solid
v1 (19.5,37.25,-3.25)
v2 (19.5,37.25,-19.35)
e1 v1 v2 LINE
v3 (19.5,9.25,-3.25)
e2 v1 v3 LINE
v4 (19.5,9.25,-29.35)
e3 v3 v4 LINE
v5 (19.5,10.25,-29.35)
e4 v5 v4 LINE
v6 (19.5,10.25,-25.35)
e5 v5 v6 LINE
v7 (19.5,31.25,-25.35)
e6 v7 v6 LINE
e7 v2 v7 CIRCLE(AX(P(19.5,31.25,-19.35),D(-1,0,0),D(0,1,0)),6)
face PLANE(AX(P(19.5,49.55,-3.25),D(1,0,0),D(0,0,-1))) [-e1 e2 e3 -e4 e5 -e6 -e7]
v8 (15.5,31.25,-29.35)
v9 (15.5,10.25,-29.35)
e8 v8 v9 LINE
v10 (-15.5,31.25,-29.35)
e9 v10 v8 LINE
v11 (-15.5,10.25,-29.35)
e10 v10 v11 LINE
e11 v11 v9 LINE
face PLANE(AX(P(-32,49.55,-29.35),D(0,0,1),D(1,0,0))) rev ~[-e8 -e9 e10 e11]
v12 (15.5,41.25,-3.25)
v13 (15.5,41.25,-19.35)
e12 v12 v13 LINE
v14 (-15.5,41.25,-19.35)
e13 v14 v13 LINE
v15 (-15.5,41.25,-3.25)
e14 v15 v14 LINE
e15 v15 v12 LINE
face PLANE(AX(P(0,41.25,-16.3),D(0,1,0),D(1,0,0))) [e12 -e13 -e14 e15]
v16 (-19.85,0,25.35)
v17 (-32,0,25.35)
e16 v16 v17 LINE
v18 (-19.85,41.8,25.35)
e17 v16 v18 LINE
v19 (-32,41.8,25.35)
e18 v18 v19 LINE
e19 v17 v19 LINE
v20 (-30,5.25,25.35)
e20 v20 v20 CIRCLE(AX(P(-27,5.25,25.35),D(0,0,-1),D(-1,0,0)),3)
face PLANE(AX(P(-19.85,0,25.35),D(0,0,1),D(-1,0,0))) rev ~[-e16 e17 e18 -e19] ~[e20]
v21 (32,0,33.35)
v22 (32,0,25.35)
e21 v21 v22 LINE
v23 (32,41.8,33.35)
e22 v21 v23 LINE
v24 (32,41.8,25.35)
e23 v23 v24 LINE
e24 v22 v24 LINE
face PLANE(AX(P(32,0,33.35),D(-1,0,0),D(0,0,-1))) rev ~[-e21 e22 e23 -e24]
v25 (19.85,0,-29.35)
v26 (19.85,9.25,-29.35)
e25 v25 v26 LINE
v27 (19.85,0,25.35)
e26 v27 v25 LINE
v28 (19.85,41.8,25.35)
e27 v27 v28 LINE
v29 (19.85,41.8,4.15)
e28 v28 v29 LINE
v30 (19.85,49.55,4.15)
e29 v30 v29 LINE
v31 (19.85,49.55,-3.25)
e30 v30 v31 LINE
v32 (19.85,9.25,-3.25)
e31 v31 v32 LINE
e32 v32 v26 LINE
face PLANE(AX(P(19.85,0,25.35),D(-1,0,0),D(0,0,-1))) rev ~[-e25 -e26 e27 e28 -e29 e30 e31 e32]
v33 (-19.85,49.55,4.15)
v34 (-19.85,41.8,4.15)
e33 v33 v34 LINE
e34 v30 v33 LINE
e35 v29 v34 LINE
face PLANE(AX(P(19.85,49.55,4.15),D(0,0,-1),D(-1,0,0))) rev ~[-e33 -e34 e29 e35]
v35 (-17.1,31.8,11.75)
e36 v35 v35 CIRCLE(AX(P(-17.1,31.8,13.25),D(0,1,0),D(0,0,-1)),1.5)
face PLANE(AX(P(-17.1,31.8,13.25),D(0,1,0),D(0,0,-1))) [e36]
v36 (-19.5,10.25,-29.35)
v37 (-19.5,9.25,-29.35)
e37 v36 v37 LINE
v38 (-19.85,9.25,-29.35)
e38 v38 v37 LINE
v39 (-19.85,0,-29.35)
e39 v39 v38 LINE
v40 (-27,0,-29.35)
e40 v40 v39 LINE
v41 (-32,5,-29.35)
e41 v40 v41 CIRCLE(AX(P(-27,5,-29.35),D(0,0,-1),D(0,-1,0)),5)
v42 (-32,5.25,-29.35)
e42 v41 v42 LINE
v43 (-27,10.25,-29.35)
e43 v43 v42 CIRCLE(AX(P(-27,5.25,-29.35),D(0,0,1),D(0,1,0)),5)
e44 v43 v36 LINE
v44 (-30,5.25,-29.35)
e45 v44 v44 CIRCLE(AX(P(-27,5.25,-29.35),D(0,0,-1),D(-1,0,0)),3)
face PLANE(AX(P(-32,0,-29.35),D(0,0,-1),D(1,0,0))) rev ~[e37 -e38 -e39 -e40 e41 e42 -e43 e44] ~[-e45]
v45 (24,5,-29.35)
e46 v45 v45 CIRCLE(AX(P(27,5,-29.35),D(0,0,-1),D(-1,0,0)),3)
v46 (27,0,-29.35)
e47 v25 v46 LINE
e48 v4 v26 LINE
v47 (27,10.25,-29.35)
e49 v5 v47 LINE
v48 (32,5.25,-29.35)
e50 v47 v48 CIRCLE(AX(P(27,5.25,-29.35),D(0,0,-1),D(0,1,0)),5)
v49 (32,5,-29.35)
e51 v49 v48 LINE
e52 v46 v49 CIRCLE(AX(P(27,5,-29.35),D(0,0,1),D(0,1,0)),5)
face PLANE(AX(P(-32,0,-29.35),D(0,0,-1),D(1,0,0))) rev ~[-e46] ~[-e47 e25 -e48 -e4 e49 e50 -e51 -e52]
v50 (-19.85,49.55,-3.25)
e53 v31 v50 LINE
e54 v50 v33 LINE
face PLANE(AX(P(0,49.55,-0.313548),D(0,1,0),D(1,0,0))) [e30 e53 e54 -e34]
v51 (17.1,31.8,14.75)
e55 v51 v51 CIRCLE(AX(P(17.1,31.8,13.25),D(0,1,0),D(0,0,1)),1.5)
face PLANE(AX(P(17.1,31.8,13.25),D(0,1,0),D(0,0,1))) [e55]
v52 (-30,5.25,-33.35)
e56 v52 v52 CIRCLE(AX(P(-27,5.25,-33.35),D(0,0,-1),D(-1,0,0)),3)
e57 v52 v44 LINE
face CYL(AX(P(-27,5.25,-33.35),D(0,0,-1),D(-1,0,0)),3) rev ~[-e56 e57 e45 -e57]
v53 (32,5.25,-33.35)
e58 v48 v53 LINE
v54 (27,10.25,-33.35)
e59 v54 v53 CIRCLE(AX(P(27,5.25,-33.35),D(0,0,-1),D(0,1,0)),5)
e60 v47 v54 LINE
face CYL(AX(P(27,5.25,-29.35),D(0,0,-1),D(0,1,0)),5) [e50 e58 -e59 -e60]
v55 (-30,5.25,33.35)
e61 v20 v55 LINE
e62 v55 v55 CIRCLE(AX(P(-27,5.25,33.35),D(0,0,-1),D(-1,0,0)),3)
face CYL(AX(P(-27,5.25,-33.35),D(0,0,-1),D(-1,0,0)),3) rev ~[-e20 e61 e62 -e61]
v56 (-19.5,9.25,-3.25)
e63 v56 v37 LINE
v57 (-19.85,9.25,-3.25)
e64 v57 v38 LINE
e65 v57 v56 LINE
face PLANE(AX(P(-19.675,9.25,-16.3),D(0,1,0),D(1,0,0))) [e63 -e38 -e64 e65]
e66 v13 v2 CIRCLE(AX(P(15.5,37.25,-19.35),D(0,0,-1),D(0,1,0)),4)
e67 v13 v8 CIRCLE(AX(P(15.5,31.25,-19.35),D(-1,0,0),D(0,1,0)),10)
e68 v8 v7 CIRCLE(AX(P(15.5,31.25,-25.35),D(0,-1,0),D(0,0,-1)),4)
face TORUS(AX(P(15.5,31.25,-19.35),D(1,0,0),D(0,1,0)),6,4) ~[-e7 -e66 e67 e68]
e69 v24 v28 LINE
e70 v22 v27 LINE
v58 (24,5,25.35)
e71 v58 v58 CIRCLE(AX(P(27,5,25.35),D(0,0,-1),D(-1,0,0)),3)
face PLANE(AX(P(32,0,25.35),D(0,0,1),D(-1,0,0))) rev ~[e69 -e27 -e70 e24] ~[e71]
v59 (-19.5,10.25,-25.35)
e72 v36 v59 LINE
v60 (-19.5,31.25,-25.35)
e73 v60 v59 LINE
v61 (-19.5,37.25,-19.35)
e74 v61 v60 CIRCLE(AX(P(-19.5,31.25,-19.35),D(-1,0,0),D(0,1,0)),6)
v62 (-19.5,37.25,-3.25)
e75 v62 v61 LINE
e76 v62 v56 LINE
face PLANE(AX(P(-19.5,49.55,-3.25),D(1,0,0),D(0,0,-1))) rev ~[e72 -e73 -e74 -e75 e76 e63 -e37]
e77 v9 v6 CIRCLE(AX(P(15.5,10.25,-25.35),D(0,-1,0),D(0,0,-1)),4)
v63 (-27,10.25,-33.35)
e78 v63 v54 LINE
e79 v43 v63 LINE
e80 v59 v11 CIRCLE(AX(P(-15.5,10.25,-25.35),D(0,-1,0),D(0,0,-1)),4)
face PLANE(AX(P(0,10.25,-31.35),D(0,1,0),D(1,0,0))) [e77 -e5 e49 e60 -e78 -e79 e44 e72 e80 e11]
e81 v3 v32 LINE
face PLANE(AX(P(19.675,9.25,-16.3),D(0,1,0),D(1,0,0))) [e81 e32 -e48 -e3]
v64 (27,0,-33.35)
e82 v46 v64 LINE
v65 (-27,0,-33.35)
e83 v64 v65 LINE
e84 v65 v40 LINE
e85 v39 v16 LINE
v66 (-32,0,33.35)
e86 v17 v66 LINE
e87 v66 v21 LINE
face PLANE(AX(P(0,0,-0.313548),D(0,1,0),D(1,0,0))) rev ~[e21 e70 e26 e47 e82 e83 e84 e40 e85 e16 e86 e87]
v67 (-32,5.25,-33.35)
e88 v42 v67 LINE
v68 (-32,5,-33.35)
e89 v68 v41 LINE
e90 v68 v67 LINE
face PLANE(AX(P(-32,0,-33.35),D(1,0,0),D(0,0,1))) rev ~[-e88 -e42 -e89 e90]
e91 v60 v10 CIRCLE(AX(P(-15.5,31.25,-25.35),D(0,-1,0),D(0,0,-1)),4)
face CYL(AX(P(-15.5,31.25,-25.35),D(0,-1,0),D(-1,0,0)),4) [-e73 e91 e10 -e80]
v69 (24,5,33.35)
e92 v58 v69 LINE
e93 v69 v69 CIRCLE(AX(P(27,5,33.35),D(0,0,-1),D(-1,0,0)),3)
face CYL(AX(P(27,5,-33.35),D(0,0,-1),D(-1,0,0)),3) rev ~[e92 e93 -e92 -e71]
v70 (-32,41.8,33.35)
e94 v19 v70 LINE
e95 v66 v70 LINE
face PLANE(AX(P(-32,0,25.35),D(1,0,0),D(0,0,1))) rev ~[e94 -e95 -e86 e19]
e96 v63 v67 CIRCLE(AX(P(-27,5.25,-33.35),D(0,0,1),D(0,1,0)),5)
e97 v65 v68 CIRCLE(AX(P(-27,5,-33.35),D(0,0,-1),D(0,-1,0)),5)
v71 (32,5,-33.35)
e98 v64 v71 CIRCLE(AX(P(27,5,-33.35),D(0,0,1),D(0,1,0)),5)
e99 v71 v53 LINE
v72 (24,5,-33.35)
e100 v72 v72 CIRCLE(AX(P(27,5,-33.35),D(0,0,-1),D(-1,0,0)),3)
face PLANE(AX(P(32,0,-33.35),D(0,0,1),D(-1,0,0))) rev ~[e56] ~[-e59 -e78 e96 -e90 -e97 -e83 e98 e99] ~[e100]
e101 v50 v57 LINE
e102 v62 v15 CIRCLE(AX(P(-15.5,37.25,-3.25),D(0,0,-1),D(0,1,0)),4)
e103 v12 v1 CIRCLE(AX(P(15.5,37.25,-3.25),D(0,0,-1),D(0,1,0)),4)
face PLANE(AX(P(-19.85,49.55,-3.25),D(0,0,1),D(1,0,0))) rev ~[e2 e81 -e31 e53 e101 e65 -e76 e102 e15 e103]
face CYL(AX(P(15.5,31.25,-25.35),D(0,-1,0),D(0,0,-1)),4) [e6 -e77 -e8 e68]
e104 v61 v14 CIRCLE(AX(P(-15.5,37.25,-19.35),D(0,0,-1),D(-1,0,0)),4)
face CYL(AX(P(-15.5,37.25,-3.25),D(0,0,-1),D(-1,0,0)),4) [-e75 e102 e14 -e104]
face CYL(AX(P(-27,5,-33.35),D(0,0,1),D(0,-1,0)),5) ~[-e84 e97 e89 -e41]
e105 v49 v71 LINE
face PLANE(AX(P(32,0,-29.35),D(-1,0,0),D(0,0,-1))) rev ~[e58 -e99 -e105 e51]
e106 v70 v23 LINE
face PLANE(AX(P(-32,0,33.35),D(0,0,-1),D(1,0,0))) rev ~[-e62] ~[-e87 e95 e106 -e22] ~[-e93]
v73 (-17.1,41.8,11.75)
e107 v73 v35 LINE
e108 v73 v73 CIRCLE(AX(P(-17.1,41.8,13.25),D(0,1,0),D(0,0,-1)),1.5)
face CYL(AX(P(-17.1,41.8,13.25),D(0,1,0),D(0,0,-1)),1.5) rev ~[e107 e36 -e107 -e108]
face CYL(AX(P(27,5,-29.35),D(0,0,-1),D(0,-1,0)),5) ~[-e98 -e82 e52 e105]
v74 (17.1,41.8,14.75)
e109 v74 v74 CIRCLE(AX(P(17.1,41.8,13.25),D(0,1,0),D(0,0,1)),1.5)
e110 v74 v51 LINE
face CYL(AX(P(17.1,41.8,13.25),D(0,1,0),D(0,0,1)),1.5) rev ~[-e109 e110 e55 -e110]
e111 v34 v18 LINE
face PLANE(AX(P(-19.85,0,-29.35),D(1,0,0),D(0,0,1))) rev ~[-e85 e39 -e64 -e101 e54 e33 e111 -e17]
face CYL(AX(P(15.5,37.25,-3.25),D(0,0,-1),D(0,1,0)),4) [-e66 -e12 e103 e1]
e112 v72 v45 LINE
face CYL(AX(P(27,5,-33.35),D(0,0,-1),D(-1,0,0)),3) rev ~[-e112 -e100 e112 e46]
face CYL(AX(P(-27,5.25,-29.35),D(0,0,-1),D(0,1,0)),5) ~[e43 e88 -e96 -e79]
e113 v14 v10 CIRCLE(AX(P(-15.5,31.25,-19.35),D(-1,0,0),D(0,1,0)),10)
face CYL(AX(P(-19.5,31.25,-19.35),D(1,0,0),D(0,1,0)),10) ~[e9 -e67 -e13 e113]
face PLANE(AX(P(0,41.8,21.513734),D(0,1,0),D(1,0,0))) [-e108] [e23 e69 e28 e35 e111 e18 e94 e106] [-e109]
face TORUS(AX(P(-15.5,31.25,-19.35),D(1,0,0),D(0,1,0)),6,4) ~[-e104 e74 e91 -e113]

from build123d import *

# Parameters (mm, degrees)
RESSALTO_EXTRUS_O1_DEPTH = 49.55
ESBO_O2_W                = 39
ESBO_O2_H                = 26.1
CORTE_EXTRUS_O1_DEPTH    = 8.3
ESBO_O2_3_W              = 0.35
ESBO_O2_3_H              = 26.1
CORTE_EXTRUS_O2_DEPTH    = 40.3
ESBO_O3_W                = 64
ESBO_O3_H                = 4
CORTE_EXTRUS_O3_DEPTH    = 39.3
FILETE2_R                = 5
FILETE3_R                = 10
ESBO_O4_R                = 3
CORTE_EXTRUS_O4_DEPTH    = 90.03983659
CORTE_EXTRUS_O5_DEPTH    = 7.75
ESBO_O6_R                = 1.5
CORTE_EXTRUS_O6_DEPTH    = 10
FILETE4_R                = 4


with BuildPart() as part:
    # Esboço1 → Ressalto-extrusão1 (new body)
    with BuildSketch(Plane(origin=(0, 0, 0), x_dir=(1, 0, 0), z_dir=(0, 1, 0))):
        Polygon((-32, 33.35), (-32, 29.35), (-19.85, 29.35), (-19.85, -25.35), (-32, -25.35), (-32, -33.35), (32, -33.35), (32, -25.35), (19.85, -25.35), (19.85, 29.35), (32, 29.35), (32, 33.35), align=None)
    extrude(amount=RESSALTO_EXTRUS_O1_DEPTH)

    # Esboço2 → Corte-extrusão1 (cut)
    with BuildSketch(Plane(origin=(0, 49.55, 0), x_dir=(1, 0, 0), z_dir=(0, 1, 0))):
        with Locations((0, 16.3)):
            Rectangle(ESBO_O2_W, ESBO_O2_H)
    extrude(amount=-CORTE_EXTRUS_O1_DEPTH, mode=Mode.SUBTRACT)

    # Esboço2<3> → Corte-extrusão2 (cut)
    with BuildSketch(Plane(origin=(0, 49.55, 0), x_dir=(1, 0, 0), z_dir=(0, 1, 0))):
        with Locations((19.675, 16.3)):
            Rectangle(ESBO_O2_3_W, ESBO_O2_3_H)
        with Locations((-19.675, 16.3)):
            Rectangle(ESBO_O2_3_W, ESBO_O2_3_H)
    extrude(amount=-CORTE_EXTRUS_O2_DEPTH, mode=Mode.SUBTRACT)

    # Esboço3 → Corte-extrusão3 (cut)
    with BuildSketch(Plane(origin=(0, 49.55, 0), x_dir=(1, 0, 0), z_dir=(0, 1, 0))):
        with Locations((0, 31.35)):
            Rectangle(ESBO_O3_W, ESBO_O3_H)
    extrude(amount=-CORTE_EXTRUS_O3_DEPTH, mode=Mode.SUBTRACT)

    # Filete2
    filete2_edges = [part.edges().sort_by_distance(p)[0] for p in [
        (-32, 0, -31.35),
        (-32, 10.25, -31.35),
        (32, 0, -31.35),
        (32, 10.25, -31.35),
    ]]
    fillet(filete2_edges, radius=FILETE2_R)

    # Filete3
    filete3_edges = [part.edges().sort_by_distance(p)[0] for p in [
        (0, 41.25, -29.35),
    ]]
    fillet(filete3_edges, radius=FILETE3_R)

    # Esboço4 → Corte-extrusão4 (cut, through all)
    with BuildSketch(Plane(origin=(0, 0, -33.35), x_dir=(-1, 0, 0), z_dir=(0, 0, -1))):
        with Locations((27, 5.25)):
            Circle(ESBO_O4_R)
        with Locations((-27, 5)):
            Circle(ESBO_O4_R)
    extrude(amount=-CORTE_EXTRUS_O4_DEPTH, mode=Mode.SUBTRACT)

    # Esboço5 → Corte-extrusão5 (cut)
    with BuildSketch(Plane(origin=(0, 49.55, 0), x_dir=(1, 0, 0), z_dir=(0, 1, 0))):
        Polygon((-19.85, -4.15), (-19.85, -25.35), (-32, -25.35), (-32, -33.35), (32, -33.35), (32, -25.35), (19.85, -25.35), (19.85, -4.15), align=None)
    extrude(amount=-CORTE_EXTRUS_O5_DEPTH, mode=Mode.SUBTRACT)

    # Esboço6 → Corte-extrusão6 (cut)
    with BuildSketch(Plane(origin=(0, 41.8, 0), x_dir=(1, 0, 0), z_dir=(0, 1, 0))):
        with Locations((17.1, -13.25)):
            Circle(ESBO_O6_R)
        with Locations((-17.1, -13.25)):
            Circle(ESBO_O6_R)
    extrude(amount=-CORTE_EXTRUS_O6_DEPTH, mode=Mode.SUBTRACT)

    # Filete4
    filete4_edges = [part.edges().sort_by_distance(p)[0] for p in [
        (-19.5, 20.75, -29.35),
        (-19.5, 38.321067812, -26.421067812),
        (19.5, 20.75, -29.35),
        (19.5, 38.321067812, -26.421067812),
        (-19.5, 41.25, -11.3),
        (19.5, 41.25, -11.3),
    ]]
    fillet(filete4_edges, radius=FILETE4_R)


solid = part.part
